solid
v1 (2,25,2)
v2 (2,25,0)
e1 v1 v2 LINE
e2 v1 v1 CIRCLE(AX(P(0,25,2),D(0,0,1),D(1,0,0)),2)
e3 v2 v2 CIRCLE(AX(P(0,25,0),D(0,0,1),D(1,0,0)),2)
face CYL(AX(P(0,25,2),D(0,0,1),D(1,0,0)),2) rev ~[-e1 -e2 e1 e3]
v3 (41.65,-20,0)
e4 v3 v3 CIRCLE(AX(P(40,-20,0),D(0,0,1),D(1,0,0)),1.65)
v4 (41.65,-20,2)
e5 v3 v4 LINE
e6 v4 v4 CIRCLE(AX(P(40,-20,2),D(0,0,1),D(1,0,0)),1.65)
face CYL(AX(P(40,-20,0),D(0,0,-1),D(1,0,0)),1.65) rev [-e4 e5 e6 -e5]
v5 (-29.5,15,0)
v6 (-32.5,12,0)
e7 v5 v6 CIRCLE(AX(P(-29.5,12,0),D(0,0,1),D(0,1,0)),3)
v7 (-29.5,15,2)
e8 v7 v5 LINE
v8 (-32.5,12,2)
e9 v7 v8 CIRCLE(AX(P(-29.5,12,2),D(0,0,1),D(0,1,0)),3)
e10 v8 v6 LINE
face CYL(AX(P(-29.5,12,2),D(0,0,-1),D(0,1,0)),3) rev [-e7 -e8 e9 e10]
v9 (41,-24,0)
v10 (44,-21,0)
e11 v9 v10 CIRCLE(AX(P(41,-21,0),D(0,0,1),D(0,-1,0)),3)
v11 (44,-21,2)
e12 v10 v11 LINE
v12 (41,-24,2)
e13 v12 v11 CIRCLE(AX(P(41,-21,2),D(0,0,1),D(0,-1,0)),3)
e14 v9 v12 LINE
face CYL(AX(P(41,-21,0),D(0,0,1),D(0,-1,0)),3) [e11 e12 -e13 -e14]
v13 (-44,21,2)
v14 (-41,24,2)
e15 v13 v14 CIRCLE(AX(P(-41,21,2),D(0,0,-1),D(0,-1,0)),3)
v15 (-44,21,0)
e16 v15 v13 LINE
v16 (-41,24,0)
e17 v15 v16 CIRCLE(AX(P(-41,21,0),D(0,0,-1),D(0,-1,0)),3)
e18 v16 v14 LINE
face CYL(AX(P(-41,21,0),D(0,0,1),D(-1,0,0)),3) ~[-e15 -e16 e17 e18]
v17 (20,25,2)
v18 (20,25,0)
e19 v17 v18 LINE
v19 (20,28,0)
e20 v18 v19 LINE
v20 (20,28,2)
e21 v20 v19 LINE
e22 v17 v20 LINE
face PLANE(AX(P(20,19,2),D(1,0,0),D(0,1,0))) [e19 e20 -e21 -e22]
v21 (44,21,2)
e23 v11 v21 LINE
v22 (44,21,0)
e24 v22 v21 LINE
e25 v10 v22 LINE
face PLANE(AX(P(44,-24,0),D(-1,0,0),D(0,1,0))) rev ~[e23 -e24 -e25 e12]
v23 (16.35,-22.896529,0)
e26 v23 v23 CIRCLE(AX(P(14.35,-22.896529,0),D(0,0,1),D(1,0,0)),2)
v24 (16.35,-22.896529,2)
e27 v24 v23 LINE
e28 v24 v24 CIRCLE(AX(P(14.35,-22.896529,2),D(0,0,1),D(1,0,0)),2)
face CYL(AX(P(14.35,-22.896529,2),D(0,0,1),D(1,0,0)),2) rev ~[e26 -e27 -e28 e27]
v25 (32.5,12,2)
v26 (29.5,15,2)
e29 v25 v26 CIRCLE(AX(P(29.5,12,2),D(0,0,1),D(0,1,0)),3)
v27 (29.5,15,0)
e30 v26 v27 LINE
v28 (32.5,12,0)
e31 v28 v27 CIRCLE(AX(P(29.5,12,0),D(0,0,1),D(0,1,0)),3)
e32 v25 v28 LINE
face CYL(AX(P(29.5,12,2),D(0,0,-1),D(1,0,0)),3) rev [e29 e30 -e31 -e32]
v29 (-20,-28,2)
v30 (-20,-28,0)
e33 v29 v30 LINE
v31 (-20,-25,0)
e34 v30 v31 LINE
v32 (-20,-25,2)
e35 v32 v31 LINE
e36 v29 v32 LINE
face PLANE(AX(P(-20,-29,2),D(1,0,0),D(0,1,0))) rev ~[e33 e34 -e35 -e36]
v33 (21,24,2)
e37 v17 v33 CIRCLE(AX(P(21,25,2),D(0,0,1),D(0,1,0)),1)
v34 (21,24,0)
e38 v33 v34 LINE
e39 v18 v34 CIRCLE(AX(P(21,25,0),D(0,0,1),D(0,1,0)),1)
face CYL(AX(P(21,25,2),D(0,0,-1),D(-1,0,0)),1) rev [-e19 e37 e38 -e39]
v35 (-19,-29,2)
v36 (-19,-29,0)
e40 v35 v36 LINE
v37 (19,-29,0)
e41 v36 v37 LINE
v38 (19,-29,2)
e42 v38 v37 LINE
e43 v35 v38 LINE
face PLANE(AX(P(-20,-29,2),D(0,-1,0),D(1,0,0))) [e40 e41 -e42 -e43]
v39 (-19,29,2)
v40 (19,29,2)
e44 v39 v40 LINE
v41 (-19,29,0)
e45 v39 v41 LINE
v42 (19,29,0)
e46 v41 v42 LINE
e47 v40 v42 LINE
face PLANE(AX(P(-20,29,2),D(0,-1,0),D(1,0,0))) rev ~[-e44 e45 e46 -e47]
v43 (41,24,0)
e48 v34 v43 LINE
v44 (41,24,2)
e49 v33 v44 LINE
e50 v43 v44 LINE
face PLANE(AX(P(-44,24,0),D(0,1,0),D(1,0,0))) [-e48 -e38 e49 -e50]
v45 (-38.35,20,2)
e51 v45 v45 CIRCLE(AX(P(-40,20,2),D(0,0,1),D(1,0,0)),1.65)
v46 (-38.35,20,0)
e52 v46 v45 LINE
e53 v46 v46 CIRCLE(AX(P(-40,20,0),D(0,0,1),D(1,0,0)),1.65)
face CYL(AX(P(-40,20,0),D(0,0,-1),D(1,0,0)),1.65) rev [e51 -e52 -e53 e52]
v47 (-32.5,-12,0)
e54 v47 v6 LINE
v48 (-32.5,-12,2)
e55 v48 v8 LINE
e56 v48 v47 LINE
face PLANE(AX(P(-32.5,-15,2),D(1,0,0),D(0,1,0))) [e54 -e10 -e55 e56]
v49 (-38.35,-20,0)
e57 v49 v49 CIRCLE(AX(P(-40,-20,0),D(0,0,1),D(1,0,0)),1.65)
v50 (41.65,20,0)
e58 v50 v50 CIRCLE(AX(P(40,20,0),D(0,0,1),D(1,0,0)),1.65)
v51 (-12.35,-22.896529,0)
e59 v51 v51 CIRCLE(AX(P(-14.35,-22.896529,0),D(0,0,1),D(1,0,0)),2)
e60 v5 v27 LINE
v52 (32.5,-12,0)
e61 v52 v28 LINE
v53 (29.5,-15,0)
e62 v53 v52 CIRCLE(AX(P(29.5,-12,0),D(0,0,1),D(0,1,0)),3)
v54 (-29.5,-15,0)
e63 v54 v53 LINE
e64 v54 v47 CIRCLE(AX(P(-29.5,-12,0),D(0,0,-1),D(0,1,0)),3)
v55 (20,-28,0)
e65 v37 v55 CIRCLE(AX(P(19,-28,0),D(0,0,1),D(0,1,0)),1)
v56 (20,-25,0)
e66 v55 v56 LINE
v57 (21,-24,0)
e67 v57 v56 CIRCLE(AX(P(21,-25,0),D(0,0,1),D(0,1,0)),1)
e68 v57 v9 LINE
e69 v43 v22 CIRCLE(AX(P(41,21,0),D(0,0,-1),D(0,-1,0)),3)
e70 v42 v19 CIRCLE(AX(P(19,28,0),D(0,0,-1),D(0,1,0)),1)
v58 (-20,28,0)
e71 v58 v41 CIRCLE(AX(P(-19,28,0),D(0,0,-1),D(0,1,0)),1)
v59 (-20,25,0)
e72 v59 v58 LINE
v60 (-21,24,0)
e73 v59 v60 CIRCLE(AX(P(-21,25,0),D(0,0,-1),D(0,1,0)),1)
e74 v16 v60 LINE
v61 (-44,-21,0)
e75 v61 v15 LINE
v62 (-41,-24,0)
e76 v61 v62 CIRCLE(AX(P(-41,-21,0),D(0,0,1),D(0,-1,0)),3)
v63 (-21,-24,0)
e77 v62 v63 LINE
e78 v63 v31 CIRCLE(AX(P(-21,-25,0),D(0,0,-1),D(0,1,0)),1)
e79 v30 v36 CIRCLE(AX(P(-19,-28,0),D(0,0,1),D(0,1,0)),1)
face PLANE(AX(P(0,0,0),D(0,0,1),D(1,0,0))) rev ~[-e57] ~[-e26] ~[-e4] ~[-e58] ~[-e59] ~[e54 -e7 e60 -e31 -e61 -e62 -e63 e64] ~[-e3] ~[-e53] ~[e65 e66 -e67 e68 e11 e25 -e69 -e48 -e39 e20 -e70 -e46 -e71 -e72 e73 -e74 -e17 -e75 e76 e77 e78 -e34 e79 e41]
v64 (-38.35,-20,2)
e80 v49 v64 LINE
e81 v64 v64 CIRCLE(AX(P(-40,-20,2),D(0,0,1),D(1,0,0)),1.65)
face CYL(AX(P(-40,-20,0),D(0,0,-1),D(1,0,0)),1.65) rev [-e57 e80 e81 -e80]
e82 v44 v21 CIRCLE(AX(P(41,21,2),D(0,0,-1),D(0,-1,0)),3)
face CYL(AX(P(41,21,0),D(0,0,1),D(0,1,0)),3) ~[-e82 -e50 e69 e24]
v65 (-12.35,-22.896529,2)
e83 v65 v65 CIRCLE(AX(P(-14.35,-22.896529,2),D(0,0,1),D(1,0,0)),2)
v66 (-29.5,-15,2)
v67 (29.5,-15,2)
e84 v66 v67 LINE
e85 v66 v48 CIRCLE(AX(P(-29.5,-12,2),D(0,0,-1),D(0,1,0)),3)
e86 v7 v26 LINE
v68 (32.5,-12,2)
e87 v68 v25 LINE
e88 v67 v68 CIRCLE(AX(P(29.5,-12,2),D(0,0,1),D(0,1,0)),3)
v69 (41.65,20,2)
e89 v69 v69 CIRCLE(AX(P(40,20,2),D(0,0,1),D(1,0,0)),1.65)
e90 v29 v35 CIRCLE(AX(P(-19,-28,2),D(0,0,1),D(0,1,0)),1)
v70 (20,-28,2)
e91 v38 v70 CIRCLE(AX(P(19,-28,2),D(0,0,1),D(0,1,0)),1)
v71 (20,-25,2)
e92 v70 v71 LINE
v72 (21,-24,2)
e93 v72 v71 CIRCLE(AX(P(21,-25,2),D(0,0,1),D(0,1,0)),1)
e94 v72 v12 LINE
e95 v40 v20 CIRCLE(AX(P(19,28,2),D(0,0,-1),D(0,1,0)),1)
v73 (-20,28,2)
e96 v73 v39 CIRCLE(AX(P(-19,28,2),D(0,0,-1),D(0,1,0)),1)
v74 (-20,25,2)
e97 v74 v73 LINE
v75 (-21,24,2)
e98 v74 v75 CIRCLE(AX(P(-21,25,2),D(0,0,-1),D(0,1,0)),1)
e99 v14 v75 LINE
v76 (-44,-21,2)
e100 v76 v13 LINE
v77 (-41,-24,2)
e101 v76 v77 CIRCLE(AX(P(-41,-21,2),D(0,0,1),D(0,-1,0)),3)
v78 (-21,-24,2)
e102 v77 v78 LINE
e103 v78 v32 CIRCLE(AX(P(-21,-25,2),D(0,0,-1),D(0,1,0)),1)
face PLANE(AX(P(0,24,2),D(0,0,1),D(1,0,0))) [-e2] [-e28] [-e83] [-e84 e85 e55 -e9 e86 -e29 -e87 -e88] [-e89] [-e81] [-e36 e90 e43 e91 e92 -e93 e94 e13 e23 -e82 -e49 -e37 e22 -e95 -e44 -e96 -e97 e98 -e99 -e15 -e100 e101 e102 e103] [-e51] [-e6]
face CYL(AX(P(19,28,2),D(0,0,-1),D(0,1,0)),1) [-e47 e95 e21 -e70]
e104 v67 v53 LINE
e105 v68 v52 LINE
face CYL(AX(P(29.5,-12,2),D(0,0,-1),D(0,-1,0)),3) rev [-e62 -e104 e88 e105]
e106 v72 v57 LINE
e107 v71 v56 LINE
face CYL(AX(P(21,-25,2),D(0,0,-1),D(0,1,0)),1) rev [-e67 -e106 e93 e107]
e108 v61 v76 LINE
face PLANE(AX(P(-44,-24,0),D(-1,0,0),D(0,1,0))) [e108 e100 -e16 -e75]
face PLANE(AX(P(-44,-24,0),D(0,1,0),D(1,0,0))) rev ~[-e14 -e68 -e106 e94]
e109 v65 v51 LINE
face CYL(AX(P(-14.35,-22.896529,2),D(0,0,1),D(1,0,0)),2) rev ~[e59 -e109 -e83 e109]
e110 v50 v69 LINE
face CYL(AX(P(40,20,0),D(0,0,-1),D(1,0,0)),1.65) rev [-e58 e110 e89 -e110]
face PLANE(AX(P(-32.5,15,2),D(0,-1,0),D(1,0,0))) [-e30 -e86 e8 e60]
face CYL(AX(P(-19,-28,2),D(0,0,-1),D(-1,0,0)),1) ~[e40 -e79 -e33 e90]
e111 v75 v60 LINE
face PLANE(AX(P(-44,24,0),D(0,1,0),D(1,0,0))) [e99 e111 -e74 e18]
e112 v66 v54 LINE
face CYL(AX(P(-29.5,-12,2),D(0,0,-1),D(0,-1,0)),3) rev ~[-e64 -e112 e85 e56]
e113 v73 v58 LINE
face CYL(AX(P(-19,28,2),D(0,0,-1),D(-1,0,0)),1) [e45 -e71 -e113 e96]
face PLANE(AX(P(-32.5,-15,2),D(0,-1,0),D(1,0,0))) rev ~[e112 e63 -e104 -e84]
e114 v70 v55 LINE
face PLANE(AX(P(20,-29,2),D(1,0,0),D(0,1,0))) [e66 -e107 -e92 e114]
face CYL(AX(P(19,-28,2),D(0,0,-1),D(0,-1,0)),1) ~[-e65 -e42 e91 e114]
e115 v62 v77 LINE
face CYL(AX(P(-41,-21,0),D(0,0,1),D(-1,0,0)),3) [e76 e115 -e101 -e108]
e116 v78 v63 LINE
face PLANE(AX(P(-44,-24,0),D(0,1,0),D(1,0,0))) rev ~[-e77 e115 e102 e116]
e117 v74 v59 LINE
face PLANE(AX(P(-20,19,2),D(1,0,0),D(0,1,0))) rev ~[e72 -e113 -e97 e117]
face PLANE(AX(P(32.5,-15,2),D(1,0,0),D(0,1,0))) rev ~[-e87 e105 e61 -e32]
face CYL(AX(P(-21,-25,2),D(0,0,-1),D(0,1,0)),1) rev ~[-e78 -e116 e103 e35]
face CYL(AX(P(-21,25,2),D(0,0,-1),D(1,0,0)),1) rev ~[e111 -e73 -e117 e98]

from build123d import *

# Parameters (mm, degrees)
SKETCH_1_W          = 88
SKETCH_1_H          = 48
SKETCH_1_R          = 1.65
EXTRUDE_1_DEPTH     = 2
FILLET_1_R          = 3
SKETCH_3_W          = 40
SKETCH_3_H          = 10
EXTRUDE_2_DEPTH     = 2
SKETCH_2_R          = 2
CUT_EXTRUDE_1_DEPTH = 2
SKETCH_4_W          = 65
SKETCH_4_H          = 30
CUT_EXTRUDE_2_DEPTH = 2
FILLET_2_R          = 3
FILLET_3_R          = 1


with BuildPart() as part:
    # 草图1 → 凸台-拉伸1 (new body)
    with BuildSketch(Plane.XY):
        Rectangle(SKETCH_1_W, SKETCH_1_H)
        with Locations((-40, 20)):
            Circle(SKETCH_1_R, mode=Mode.SUBTRACT)
        with Locations((40, 20)):
            Circle(SKETCH_1_R, mode=Mode.SUBTRACT)
        with Locations((40, -20)):
            Circle(SKETCH_1_R, mode=Mode.SUBTRACT)
        with Locations((-40, -20)):
            Circle(SKETCH_1_R, mode=Mode.SUBTRACT)
    extrude(amount=EXTRUDE_1_DEPTH)

    # 圆角1
    fillet_1_edges = [part.edges().sort_by_distance(p)[0] for p in [
        (-44, 24, 1),
        (44, 24, 1),
        (44, -24, 1),
        (-44, -24, 1),
    ]]
    fillet(fillet_1_edges, radius=FILLET_1_R)

    # 草图3 → 凸台-拉伸2 (add)
    with BuildSketch(Plane.XY.offset(2)):
        with Locations((0, 24)):
            Rectangle(SKETCH_3_W, SKETCH_3_H)
        with Locations((0, -24)):
            Rectangle(SKETCH_3_W, SKETCH_3_H)
    extrude(amount=-EXTRUDE_2_DEPTH)

    # 草图2 → 切除-拉伸1 (cut)
    with BuildSketch(Plane.XY.offset(2)):
        with Locations((0, 25)):
            Circle(SKETCH_2_R)
        with Locations((-14.35, -22.896529102)):
            Circle(SKETCH_2_R)
        with Locations((14.35, -22.896529102)):
            Circle(SKETCH_2_R)
    extrude(amount=-CUT_EXTRUDE_1_DEPTH, mode=Mode.SUBTRACT)

    # 草图4 → 切除-拉伸2 (cut)
    with BuildSketch(Plane.XY.offset(2)):
        Rectangle(SKETCH_4_W, SKETCH_4_H)
    extrude(amount=-CUT_EXTRUDE_2_DEPTH, mode=Mode.SUBTRACT)

    # 圆角2
    fillet_2_edges = [part.edges().sort_by_distance(p)[0] for p in [
        (-32.5, -15, 1),
        (-32.5, 15, 1),
        (32.5, 15, 1),
        (32.5, -15, 1),
    ]]
    fillet(fillet_2_edges, radius=FILLET_2_R)

    # 圆角3
    fillet_3_edges = [part.edges().sort_by_distance(p)[0] for p in [
        (20, 24, 1),
        (-20, 24, 1),
        (20, 29, 1),
        (-20, 29, 1),
        (20, -24, 1),
        (-20, -24, 1),
        (-20, -29, 1),
        (20, -29, 1),
    ]]
    fillet(fillet_3_edges, radius=FILLET_3_R)


solid = part.part
